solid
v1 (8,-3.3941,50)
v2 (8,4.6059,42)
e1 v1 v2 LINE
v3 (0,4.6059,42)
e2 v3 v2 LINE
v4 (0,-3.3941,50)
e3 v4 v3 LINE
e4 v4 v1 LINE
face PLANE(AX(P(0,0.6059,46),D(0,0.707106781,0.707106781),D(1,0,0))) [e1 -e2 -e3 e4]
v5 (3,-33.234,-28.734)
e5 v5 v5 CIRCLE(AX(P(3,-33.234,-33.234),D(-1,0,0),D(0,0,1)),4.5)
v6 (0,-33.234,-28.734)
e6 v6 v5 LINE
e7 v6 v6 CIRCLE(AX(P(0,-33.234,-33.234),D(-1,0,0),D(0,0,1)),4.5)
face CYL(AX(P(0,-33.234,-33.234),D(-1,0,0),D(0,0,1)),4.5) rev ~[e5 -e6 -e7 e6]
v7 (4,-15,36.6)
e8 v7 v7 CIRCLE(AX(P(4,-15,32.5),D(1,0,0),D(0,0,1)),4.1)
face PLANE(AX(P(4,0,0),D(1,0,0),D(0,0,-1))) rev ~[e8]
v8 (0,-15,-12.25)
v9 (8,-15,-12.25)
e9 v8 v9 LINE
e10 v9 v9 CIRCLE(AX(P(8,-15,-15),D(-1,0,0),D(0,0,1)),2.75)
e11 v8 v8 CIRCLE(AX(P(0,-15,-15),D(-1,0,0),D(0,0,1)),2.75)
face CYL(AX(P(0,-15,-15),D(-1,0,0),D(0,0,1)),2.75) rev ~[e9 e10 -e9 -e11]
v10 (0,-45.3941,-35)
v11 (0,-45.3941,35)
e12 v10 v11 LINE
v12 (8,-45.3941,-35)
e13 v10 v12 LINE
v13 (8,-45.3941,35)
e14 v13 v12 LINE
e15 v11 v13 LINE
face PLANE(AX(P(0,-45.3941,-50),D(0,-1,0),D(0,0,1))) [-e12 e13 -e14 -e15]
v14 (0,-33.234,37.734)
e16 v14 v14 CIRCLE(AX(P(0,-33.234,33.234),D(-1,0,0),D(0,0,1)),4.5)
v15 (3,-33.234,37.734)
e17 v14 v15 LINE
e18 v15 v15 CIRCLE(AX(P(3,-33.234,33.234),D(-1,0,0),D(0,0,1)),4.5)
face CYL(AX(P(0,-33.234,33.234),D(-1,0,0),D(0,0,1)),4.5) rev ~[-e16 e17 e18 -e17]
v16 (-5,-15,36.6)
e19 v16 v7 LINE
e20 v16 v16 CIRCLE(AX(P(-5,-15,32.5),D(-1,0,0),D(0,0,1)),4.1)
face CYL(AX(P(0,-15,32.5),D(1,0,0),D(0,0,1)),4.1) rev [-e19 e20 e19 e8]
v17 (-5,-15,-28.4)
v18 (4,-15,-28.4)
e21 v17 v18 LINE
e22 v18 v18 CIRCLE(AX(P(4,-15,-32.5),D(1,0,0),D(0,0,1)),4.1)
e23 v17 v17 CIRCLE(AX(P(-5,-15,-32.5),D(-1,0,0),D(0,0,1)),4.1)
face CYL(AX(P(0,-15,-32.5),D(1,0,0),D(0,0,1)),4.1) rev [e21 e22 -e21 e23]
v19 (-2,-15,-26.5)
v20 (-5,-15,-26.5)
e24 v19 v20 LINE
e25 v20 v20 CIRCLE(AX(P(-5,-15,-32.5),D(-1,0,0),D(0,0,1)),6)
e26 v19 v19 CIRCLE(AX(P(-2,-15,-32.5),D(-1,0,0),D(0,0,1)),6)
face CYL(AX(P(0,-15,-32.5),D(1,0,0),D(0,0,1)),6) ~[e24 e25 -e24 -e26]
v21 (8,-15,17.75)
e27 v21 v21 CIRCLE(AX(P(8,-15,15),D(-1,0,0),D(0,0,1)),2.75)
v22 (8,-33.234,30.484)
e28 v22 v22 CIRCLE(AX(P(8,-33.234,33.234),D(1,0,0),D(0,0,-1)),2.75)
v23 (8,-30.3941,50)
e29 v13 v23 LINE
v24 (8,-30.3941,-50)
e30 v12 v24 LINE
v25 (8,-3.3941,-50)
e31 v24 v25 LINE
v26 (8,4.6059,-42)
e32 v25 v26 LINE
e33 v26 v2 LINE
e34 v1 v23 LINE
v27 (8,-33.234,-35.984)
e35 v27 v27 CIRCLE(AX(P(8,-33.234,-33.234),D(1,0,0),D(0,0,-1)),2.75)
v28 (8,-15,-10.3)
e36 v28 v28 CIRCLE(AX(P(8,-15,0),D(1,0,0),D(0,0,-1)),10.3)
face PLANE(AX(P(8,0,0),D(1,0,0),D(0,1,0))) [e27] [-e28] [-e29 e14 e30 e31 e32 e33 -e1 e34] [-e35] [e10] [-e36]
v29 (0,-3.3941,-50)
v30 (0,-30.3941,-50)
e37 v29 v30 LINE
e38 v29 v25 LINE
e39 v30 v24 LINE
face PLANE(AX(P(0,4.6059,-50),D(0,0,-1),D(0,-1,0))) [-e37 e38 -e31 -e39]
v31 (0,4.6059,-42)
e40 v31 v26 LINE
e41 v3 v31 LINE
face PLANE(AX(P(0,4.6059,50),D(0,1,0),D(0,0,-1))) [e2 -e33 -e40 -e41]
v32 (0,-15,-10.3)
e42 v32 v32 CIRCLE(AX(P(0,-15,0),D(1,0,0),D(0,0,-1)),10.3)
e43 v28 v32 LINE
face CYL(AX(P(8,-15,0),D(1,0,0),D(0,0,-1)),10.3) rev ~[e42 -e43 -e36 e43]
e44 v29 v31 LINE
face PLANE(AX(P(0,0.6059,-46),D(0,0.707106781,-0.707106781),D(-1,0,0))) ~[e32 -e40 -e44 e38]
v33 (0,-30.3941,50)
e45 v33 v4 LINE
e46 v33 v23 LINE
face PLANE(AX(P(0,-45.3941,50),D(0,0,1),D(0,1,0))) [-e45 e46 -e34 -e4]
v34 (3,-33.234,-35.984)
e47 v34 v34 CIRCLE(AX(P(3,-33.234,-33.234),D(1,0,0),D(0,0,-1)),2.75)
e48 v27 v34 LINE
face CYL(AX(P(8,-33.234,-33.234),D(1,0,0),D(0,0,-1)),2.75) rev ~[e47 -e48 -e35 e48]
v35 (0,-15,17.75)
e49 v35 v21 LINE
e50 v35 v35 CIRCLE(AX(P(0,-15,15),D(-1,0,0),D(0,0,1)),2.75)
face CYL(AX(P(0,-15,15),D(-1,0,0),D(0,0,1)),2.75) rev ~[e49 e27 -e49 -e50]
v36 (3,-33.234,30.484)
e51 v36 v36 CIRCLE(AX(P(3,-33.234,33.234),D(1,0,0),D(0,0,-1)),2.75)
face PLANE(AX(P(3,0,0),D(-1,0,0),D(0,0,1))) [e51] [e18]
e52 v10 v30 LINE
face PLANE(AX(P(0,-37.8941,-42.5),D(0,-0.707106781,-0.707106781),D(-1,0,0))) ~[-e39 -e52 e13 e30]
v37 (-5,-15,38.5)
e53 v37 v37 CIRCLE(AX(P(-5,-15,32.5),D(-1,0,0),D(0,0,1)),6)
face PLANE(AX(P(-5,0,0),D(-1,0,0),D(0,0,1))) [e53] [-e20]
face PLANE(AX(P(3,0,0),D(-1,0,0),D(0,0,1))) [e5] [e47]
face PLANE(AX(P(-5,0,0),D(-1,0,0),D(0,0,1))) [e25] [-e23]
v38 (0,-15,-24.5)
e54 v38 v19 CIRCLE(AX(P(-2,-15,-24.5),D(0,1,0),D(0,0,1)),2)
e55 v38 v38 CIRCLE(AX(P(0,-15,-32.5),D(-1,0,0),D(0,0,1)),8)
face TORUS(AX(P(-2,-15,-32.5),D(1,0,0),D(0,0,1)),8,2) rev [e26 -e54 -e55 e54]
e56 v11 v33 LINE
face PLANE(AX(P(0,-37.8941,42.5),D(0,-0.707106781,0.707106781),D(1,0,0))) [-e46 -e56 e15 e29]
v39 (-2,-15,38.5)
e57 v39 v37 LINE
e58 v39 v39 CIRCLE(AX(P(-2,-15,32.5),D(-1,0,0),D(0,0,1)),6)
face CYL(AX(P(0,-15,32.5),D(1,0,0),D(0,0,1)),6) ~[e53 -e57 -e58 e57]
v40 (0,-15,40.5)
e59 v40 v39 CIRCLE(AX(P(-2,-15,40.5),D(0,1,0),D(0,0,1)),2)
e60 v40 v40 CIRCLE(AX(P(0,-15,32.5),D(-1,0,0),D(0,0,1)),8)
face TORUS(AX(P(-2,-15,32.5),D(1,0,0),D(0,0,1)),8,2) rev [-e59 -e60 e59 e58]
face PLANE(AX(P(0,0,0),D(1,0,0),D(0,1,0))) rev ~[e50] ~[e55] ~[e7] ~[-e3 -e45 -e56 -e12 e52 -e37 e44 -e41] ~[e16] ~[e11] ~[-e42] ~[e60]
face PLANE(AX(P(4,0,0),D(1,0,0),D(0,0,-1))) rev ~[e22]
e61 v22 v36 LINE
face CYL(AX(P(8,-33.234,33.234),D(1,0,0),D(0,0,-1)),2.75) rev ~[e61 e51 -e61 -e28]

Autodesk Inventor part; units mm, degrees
ref_plane "YZ Plane" through (0, 0, 0) normal (1, 0, 0) x (0, 1, 0)
ref_plane "XZ Plane" through (0, 0, 0) normal (0, 1, 0) x (-1, 0, 0)
ref_plane "XY Plane" through (0, 0, 0) normal (0, 0, 1) x (1, 0, 0)
sketch "Sketch1" plane through (0, 0, 0) normal (1, 0, 0) x (0, 1, 0)
  line L0 (-55, 110) -> (55, 110)
  line L1 (55, 110) -> (55, -110)
  line L2 (55, -110) -> (-55, -110)
  line L3 (-55, -110) -> (-55, 110)
  line L4 (-55, 110) -> (55, -110) construction
  line L5 (55, 110) -> (-55, -110) construction
  circle A0 centre (-15, 32.5) radius 4.1
  circle A1 centre (-15, -32.5) radius 4.1
  circle A2 centre (-15, 0) radius 5
  line L6 (-15, 32.5) -> (-15, -32.5) construction
  line L7 (48, -103) -> (48, 103)
  line L8 (48, 103) -> (-48, 103)
  line L9 (-48, 103) -> (-48, -103)
  line L10 (-48, -103) -> (48, -103)
  point P0 (0, 0)
  dimension "d0" = 65
  dimension "d1" = 8.2
  dimension "d2" = 220
  dimension "d3" = 110
  dimension "d4" = 7
  dimension "d35" = 10
  dimension "d36" = 15
extrude "Extrusion1" add sketch "Sketch1" along normal blind 8 contours L0 L1 L2 L3 | A0 | A1 | L10 L9 L8 L7
sketch "Sketch2" plane through (8, 0, 0) normal (1, 0, 0) x (0, 0, -1)
  line L0 (110, -55) -> (110, 55) projected
  line L1 (110, 55) -> (-110, 55) projected
  line L2 (-110, 55) -> (-110, -55) projected
  line L3 (-110, -55) -> (110, -55) projected
  line L4 (-33.234, -33.234) -> (33.234, -33.234) construction
  line L5 (33.234, -33.234) -> (33.234, 33.234) construction
  line L6 (33.234, 33.234) -> (-33.234, 33.234) construction
  line L7 (-33.234, 33.234) -> (-33.234, -33.234) construction
  line L8 (-33.234, -33.234) -> (33.234, 33.234) construction
  line L9 (33.234, -33.234) -> (-33.234, 33.234) construction
  circle A0 centre (0, 0) radius 47 construction
  circle A1 centre (33.234, 33.234) radius 2.75
  circle A2 centre (-33.234, 33.234) radius 2.75
  circle A3 centre (0, 0) radius 47 construction
  circle A4 centre (-33.234, -33.234) radius 2.75
  circle A5 centre (0, 0) radius 47 construction
  circle A6 centre (33.234, -33.234) radius 2.75
  circle A7 centre (0, 0) radius 47 construction
  point P0 (0, 0)
  point P1 (0, 0)
  dimension "d12" = 94
  dimension "d13" = 5.5
  dimension "d16" = 360
extrude "Extrusion3" cut sketch "Sketch2" against normal through all contours A1 | A2 | A4 | A6
sketch "Sketch3" plane through (0, 0, 0) normal (-1, 0, 0) x (0, 0, 1)
  circle A0 centre (33.234, -33.234) radius 2.75 projected
  circle A1 centre (33.234, 33.234) radius 2.75 projected
  circle A2 centre (-33.234, -33.234) radius 2.75 projected
  circle A3 centre (-33.234, 33.234) radius 2.75 projected
  circle A4 centre (0, -15) radius 5 projected
  circle A5 centre (-33.234, 33.234) radius 4.5
  circle A6 centre (33.234, 33.234) radius 2.75 projected
  circle A7 centre (33.234, 33.234) radius 4.5
  circle A8 centre (-33.234, -33.234) radius 4.5
  circle A9 centre (33.234, -33.234) radius 4.5
  point P0 (0, 0)
  dimension "d20" = 9
extrude "Extrusion4" cut sketch "Sketch3" against normal blind 3 contours A0 | A1 | A2 | A3 | A5 | A7 | A8 | A9
sketch "Sketch4" plane through (8, 0, 0) normal (1, 0, 0) x (0, 0, -1)
  circle A0 centre (-33.234, -33.234) radius 2.75 projected
  circle A1 centre (-33.234, 33.234) radius 2.75 projected
  circle A2 centre (33.234, -33.234) radius 2.75 projected
  circle A3 centre (33.234, 33.234) radius 2.75 projected
  line L0 (110, -55) -> (110, 55) projected
  line L1 (110, 55) -> (-110, 55) projected
  line L2 (-110, 55) -> (-110, -55) projected
  line L3 (-110, -55) -> (110, -55) projected
  circle A4 centre (0, -15) radius 5 projected
  circle A5 centre (0, -15) radius 10.3
  point P0 (0, 0)
  dimension "d24" = 20.6
extrude "Extrusion5" cut sketch "Sketch4" against normal through all contours A4 | A5
sketch "Sketch7" plane through (0, 0, 0) normal (-1, 0, 0) x (0, 0, 1)
  line L0 (-50, -45.3941) -> (50, -45.3941)
  line L1 (50, -45.3941) -> (50, 4.6059)
  line L2 (50, 4.6059) -> (-50, 4.6059)
  line L3 (-50, 4.6059) -> (-50, -45.3941)
  circle A0 centre (-32.5, -15) radius 4.1 projected
  circle A1 centre (32.5, -15) radius 4.1 projected
  line L4 (-110, -55) -> (-110, 55) projected
  line L5 (-110, 55) -> (110, 55) projected
  line L6 (110, 55) -> (110, -55) projected
  line L7 (110, -55) -> (-110, -55) projected
  point P0 (0, 4.6059)
  point P1 (0, 4.6059)
  point P2 (0, -15)
  dimension "d37" = 50
  dimension "d38" = 100
extrude "Extrusion8" cut sketch "Sketch7" against normal through all
chamfer "Chamfer3" distance 15 angle 45 2 edges at (4, -45.3941, -50) (4, -45.3941, 50)
chamfer "Chamfer4" distance 8 angle 45 2 edges at (4, 4.6059, -50) (4, 4.6059, 50)
sketch "Sketch8" plane through (0, 0, 0) normal (-1, 0, 0) x (0, 0, 1)
  circle A0 centre (-32.5, -15) radius 4.1 projected
  circle A1 centre (32.5, -15) radius 4.1 projected
  circle A2 centre (-32.5, -15) radius 6
  circle A3 centre (32.5, -15) radius 6
  point P0 (0, 0)
  dimension "d47" = 12
extrude "Extrusion9" add sketch "Sketch8" along normal blind 5
sketch "Sketch9" plane through (8, 0, 0) normal (1, 0, 0) x (0, 0, -1)
  circle A0 centre (-32.5, -15) radius 4.1 projected
  circle A1 centre (32.5, -15) radius 4.1 projected
  point P0 (0, 0)
extrude "Extrusion10" add sketch "Sketch9" against normal blind 4
sketch "Sketch10" plane through (0, 0, 0) normal (-1, 0, 0) x (0, 0, 1)
  circle A0 centre (0, -15) radius 10.3 projected
  circle A1 centre (-15, -15) radius 2.75
  circle A2 centre (15, -15) radius 2.75
  line L0 (-15, -15) -> (15, -15) construction
  point P0 (0, 0)
  dimension "d52" = 30
  dimension "d53" = 5.5
extrude "Extrusion11" cut sketch "Sketch10" against normal through all contours A1 | A2
fillet "Fillet2" radius 2 2 edges at (0, -15, -38.5) (0, -15, 26.5)
properties part number "CAJA" material "Steel, Mild, Welded"
